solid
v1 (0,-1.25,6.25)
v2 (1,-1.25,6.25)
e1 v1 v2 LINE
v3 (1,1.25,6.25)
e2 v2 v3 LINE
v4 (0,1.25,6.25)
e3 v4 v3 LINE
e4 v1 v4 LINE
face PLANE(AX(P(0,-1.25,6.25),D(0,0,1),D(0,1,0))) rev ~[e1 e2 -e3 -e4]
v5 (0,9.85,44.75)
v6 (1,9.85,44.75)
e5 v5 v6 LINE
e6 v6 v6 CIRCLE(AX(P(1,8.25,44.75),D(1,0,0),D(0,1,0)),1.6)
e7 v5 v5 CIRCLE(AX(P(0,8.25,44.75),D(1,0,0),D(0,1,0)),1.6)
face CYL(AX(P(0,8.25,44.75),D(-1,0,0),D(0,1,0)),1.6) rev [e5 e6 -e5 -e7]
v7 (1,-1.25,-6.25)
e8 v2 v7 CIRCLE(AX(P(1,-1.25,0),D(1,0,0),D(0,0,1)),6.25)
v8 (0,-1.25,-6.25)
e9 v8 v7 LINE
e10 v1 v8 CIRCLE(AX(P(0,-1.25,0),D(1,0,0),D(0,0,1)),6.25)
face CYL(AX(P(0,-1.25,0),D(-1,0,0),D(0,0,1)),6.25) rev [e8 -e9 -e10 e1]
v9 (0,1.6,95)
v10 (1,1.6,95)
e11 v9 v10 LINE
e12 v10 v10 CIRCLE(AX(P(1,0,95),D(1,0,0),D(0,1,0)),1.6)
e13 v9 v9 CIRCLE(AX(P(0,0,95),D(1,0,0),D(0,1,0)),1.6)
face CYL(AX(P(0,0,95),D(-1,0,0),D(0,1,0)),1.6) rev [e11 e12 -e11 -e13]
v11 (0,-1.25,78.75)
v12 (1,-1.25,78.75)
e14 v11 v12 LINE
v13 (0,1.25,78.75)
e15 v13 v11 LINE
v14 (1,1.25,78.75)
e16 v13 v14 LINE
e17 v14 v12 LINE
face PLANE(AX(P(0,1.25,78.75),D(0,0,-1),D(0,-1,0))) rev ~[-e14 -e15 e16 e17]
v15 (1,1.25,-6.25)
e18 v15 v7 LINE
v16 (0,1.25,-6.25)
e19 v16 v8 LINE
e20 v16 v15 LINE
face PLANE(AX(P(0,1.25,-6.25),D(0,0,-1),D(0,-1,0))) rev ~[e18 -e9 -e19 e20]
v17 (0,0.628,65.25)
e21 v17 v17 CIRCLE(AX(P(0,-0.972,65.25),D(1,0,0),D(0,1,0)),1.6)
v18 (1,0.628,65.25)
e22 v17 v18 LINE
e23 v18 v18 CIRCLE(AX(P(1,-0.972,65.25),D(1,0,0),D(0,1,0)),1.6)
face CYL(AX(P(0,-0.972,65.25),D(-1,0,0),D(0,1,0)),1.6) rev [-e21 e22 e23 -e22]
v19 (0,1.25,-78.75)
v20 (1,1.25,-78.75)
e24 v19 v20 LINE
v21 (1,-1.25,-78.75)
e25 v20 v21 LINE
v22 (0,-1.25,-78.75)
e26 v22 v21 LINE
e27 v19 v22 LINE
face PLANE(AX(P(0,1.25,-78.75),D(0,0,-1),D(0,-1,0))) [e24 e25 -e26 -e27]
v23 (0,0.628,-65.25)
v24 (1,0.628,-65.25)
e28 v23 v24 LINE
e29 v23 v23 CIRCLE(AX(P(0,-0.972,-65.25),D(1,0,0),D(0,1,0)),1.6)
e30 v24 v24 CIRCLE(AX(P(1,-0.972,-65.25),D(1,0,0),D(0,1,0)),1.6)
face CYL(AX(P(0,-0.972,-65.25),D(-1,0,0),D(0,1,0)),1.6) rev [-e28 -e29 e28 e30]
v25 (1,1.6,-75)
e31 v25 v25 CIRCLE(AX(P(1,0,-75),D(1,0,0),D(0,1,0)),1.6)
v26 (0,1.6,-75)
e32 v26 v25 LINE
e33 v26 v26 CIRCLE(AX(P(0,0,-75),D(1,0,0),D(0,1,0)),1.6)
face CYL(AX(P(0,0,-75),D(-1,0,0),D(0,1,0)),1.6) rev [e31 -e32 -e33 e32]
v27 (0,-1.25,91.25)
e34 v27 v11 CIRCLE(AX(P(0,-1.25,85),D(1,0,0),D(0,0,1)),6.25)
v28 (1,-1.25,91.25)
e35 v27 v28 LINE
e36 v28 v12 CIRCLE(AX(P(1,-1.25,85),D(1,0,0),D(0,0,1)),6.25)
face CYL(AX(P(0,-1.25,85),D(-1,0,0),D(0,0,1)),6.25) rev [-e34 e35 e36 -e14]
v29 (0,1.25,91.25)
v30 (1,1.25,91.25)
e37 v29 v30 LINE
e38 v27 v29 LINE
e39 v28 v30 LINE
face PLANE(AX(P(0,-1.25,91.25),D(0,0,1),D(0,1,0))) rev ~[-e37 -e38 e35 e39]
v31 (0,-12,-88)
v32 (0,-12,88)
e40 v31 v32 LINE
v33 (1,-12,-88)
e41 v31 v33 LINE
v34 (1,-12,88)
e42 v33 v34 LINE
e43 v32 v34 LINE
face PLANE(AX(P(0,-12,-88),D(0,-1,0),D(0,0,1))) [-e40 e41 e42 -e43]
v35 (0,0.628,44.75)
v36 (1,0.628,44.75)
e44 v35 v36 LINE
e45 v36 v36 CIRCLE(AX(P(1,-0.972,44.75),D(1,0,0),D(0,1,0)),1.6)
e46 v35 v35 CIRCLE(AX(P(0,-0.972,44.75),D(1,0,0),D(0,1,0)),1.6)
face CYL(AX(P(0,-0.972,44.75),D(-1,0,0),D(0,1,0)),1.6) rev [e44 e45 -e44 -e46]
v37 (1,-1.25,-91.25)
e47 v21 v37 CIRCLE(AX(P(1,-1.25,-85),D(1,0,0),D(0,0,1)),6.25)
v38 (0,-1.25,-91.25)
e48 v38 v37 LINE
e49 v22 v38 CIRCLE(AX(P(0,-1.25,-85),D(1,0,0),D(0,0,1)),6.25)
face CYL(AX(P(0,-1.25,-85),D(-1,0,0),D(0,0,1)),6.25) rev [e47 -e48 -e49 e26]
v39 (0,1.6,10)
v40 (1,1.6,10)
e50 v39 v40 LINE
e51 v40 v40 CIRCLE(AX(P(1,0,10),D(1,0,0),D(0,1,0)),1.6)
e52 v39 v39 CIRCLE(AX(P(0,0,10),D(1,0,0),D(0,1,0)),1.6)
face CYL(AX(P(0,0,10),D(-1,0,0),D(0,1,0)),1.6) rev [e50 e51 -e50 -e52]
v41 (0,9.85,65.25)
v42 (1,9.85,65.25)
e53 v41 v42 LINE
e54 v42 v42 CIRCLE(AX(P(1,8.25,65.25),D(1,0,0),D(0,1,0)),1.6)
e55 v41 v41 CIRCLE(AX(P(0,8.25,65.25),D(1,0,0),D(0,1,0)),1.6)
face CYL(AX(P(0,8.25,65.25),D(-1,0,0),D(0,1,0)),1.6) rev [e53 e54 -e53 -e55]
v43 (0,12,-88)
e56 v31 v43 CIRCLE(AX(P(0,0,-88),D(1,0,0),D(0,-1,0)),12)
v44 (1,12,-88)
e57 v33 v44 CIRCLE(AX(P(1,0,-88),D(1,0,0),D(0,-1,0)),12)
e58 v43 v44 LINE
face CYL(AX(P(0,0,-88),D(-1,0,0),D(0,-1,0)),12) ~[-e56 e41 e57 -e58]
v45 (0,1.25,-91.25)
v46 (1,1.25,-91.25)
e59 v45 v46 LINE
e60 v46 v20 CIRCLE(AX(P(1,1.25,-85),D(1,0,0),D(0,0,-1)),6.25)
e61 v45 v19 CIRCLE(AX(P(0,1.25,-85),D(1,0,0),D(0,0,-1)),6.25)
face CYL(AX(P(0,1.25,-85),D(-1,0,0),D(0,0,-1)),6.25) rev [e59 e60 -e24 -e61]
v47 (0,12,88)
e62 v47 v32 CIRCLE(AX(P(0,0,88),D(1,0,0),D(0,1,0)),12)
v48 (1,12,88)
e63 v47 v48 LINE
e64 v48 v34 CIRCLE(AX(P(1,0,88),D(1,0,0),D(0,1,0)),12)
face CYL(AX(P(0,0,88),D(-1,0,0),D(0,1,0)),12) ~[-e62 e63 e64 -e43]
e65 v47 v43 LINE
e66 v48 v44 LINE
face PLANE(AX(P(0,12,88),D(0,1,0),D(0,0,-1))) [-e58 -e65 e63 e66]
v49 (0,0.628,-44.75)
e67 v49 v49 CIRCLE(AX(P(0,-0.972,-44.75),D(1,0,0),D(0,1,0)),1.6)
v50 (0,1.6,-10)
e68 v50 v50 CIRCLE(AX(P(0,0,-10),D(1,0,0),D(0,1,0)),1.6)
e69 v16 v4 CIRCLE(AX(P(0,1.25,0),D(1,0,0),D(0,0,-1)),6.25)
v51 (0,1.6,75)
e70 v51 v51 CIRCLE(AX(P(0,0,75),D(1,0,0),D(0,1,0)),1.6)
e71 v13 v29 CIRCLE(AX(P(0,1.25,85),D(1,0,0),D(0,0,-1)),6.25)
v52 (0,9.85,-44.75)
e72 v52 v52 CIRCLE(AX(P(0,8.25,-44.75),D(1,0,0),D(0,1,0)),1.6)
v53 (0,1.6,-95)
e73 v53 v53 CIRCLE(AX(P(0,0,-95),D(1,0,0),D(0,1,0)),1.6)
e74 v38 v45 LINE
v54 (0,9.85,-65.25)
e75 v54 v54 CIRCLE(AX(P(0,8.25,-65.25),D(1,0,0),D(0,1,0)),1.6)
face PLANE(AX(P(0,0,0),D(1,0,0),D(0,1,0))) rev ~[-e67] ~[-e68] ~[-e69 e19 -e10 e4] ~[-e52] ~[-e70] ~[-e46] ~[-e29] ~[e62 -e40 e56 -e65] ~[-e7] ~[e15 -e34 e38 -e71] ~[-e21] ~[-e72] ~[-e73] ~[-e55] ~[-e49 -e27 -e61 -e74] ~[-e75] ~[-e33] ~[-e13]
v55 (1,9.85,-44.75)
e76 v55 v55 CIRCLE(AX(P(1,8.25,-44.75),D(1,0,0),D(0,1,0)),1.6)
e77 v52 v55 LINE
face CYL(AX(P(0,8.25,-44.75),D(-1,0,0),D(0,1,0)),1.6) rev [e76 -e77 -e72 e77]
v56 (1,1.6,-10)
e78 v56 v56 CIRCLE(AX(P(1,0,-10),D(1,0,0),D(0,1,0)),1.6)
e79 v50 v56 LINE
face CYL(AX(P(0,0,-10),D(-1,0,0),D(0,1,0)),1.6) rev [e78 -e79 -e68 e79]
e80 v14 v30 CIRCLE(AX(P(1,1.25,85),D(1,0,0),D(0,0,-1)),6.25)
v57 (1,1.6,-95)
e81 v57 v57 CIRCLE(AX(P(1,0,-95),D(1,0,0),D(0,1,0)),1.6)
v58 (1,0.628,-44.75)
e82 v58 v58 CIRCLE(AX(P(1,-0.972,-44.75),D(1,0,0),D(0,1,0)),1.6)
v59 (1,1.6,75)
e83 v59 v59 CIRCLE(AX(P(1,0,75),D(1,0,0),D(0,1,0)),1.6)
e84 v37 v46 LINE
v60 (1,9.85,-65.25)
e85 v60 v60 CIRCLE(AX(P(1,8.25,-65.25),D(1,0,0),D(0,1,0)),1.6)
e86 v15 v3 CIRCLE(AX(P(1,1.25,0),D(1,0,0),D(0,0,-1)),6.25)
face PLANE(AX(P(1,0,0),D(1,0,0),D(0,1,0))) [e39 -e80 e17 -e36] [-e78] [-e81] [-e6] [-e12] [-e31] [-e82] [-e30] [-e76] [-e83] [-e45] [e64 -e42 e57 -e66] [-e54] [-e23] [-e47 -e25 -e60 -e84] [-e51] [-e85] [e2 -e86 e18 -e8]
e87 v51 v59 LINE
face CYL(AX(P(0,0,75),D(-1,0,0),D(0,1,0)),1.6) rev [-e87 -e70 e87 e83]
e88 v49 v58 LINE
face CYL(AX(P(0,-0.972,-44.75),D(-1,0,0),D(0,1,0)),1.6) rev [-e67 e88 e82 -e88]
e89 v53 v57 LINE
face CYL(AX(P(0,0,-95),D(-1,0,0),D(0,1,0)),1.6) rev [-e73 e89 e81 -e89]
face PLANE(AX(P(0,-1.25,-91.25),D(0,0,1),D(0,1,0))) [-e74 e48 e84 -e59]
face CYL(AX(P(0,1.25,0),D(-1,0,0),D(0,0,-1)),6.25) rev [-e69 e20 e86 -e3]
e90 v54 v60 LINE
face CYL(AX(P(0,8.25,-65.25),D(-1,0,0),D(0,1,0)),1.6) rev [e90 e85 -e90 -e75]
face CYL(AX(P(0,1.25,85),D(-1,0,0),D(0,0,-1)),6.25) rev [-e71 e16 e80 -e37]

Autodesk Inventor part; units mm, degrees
ref_plane "YZ Plane" through (0, 0, 0) normal (1, 0, 0) x (0, 1, 0)
ref_plane "XZ Plane" through (0, 0, 0) normal (0, 1, 0) x (-1, 0, 0)
ref_plane "XY Plane" through (0, 0, 0) normal (0, 0, 1) x (1, 0, 0)
sketch "Sketch1" plane through (0, 0, 0) normal (1, 0, 0) x (0, 1, 0)
  line L0 (-1.25, 6.25) -> (1.25, 6.25)
  arc A0 (1.25, -6.25) -> (1.25, 6.25) centre (1.25, 0) ccw
  line L1 (1.25, -6.25) -> (-1.25, -6.25)
  arc A1 (-1.25, 6.25) -> (-1.25, -6.25) centre (-1.25, 0) ccw
  circle A2 centre (0, -10) radius 1.6
  circle A3 centre (0, 10) radius 1.6
  circle A4 centre (8.25, 44.75) radius 1.6
  circle A5 centre (8.25, 65.25) radius 1.6
  line L2 (-1.25, 91.25) -> (1.25, 91.25)
  arc A6 (1.25, 78.75) -> (1.25, 91.25) centre (1.25, 85) ccw
  line L3 (1.25, 78.75) -> (-1.25, 78.75)
  arc A7 (-1.25, 91.25) -> (-1.25, 78.75) centre (-1.25, 85) ccw
  circle A8 centre (0, 75) radius 1.6
  circle A9 centre (0, 95) radius 1.6
  line L4 (-1.25, -91.25) -> (1.25, -91.25)
  arc A10 (1.25, -91.25) -> (1.25, -78.75) centre (1.25, -85) ccw
  line L5 (1.25, -78.75) -> (-1.25, -78.75)
  arc A11 (-1.25, -78.75) -> (-1.25, -91.25) centre (-1.25, -85) ccw
  circle A12 centre (0, -75) radius 1.6
  circle A13 centre (0, -95) radius 1.6
  circle A14 centre (-0.972, 44.75) radius 1.6
  circle A15 centre (-0.972, 65.25) radius 1.6
  circle A16 centre (8.25, -44.75) radius 1.6
  circle A17 centre (8.25, -65.25) radius 1.6
  circle A18 centre (-0.972, -44.75) radius 1.6
  circle A19 centre (-0.972, -65.25) radius 1.6
  arc A20 (12, 88) -> (-12, 88) centre (0, 88) ccw
  line L6 (12, 88) -> (12, -88)
  arc A21 (-12, -88) -> (12, -88) centre (0, -88) ccw
  line L7 (-12, -88) -> (-12, 88)
  point P0 (0, 0)
  point P1 (0, 0)
  point P2 (-12, -88)
  point P3 (12, 88)
  point P4 (-12, 88)
  point P5 (1.25, -78.75)
  point P6 (1.25, 78.75)
  point P7 (-1.25, 78.75)
  point P8 (1.25, -6.25)
  point P9 (-1.25, -6.25)
  dimension "d2" = 3.2
  dimension "d3" = 3.2
  dimension "d4" = 3.2
  dimension "d5" = 3.2
  dimension "d6" = 9.222
  dimension "d7" = 9.222
  dimension "d8" = 9.222
  dimension "d11" = 3.2
  dimension "d12" = 3.2
  dimension "d13" = 3.2
  dimension "d14" = 3.2
  dimension "d15" = 3.2
  dimension "d16" = 3.2
  dimension "d17" = 3.2
  dimension "d18" = 3.2
  dimension "d19" = 3.2
  dimension "d20" = 3.2
extrude "Extrusion1" add sketch "Sketch1" along normal blind 1
equation "\"d7\" = d6"
equation "\"d8\" = d6"
properties part number "Leg_Loadpipe_Plate_Inner" material "CFRP"
